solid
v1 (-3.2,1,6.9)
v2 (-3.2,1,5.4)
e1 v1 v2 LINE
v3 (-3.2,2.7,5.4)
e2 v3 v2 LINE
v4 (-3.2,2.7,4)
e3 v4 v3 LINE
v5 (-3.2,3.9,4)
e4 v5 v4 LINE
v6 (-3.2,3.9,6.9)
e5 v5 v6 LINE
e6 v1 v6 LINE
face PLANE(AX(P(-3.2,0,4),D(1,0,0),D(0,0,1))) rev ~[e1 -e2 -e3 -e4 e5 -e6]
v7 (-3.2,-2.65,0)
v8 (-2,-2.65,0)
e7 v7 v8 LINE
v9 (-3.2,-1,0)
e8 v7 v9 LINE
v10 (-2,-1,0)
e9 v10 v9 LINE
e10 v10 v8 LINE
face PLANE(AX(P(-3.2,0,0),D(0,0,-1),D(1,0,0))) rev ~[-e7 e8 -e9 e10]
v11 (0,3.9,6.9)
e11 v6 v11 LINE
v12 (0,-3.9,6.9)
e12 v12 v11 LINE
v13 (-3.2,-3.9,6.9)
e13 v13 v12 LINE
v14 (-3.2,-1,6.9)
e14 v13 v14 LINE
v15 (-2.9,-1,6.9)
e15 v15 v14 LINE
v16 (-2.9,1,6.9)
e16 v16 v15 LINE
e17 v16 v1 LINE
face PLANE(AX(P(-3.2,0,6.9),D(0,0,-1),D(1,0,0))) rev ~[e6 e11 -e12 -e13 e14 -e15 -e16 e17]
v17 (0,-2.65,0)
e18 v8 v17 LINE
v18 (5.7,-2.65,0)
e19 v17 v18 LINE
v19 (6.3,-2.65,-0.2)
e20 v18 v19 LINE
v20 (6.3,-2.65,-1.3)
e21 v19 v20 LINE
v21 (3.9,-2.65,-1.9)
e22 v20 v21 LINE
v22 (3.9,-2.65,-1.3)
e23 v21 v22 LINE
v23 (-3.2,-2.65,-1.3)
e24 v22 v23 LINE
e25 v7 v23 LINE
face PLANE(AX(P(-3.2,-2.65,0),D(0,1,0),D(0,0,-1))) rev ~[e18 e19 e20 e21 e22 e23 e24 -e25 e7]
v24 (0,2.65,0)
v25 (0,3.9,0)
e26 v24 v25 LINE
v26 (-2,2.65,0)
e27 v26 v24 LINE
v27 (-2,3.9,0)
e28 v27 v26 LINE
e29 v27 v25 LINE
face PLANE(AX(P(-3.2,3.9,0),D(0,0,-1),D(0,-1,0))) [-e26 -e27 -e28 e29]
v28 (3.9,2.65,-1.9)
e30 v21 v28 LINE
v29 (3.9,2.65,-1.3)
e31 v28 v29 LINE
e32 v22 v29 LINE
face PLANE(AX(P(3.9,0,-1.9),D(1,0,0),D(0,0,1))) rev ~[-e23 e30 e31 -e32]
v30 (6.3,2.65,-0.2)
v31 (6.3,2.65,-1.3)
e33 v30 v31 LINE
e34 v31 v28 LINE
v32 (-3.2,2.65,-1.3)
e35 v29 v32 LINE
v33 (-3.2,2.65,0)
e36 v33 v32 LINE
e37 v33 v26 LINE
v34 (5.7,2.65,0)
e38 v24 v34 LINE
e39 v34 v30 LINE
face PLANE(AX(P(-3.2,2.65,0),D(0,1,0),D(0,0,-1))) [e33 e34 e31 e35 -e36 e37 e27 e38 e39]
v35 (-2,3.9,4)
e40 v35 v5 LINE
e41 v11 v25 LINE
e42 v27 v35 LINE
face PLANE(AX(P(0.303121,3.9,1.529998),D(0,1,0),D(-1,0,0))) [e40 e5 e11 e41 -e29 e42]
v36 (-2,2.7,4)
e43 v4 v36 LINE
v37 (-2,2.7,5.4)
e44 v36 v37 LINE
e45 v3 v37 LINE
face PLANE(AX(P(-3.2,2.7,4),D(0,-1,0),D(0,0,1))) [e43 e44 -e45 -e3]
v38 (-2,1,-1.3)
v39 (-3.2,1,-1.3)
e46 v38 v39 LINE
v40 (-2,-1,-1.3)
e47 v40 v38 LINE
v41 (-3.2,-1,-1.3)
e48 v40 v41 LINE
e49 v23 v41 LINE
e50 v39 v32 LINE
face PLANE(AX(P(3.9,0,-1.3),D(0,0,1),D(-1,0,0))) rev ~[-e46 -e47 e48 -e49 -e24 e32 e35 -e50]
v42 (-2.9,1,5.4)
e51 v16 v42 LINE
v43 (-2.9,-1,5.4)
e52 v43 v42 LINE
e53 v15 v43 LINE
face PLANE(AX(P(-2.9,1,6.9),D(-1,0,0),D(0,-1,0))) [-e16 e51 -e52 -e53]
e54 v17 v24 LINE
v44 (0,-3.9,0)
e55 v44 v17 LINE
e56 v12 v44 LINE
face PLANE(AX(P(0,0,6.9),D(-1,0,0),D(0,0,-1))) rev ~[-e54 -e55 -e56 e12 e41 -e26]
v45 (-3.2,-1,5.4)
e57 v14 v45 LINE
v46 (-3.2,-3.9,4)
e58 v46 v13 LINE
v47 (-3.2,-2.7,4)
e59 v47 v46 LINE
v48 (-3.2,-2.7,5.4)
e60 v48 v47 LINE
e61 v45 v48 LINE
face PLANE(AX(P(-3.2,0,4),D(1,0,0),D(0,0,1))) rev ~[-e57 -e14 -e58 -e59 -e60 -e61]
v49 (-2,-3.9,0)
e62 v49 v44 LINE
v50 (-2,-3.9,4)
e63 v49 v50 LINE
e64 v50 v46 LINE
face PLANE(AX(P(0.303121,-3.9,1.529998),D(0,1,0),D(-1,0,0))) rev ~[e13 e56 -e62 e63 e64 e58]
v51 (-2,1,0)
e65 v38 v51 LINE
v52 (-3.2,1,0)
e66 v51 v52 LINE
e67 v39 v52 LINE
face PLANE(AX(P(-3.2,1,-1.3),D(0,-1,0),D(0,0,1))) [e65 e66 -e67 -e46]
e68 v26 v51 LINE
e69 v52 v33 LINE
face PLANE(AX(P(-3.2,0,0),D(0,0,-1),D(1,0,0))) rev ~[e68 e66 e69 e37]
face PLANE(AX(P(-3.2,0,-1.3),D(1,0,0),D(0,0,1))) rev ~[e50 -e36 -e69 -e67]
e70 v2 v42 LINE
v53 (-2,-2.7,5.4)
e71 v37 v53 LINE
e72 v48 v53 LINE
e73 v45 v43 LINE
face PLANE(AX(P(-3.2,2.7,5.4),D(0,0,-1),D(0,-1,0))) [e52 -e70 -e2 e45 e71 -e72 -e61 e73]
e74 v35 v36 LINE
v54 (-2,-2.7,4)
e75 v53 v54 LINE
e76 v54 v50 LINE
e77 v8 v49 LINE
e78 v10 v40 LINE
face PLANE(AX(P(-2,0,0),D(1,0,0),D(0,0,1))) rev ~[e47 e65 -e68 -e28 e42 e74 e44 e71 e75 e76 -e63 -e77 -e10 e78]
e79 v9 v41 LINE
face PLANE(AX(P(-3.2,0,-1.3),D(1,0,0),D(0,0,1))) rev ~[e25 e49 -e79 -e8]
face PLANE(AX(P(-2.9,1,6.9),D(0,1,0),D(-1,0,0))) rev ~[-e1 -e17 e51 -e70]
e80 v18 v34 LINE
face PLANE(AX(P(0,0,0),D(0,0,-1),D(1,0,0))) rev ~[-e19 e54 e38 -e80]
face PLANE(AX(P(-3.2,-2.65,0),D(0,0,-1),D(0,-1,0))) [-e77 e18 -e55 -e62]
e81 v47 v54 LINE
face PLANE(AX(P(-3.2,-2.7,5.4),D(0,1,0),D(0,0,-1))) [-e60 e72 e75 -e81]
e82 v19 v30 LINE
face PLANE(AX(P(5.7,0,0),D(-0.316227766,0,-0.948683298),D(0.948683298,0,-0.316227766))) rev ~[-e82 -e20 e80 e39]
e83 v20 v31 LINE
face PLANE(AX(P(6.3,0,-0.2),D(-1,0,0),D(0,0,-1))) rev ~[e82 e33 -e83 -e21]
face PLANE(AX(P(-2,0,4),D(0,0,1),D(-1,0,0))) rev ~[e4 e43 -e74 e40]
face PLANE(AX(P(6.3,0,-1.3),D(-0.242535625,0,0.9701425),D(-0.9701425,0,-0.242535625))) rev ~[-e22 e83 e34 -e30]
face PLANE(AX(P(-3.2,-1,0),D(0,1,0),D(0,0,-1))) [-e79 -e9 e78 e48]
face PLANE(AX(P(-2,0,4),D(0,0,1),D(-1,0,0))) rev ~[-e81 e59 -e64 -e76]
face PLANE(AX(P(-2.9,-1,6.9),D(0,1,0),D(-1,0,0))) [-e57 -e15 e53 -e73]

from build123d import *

# Parameters (mm, degrees)
PAD_DEPTH       = 3.9
SKETCH001_W     = 2.4
SKETCH001_H     = 1.25
POCKET_DEPTH    = 9.501
POCKET001_DEPTH = 1.2
SKETCH003_W     = 0.3
SKETCH003_H     = 2
POCKET002_DEPTH = 8.801


with BuildPart() as part:
    # Sketch → Pad (new body, symmetric)
    with BuildSketch(Plane.XZ):
        Polygon((-3.2, 4), (-3.2, 6.9), (0, 6.9), (0, 0), (5.7, 0), (6.3, -0.2), (6.3, -1.3), (3.9, -1.9), (3.9, -1.3), (-3.2, -1.3), (-3.2, 0), (-2, 0), (-2, 4), align=None)
    extrude(amount=PAD_DEPTH, both=True)

    # Sketch001 → Pocket (cut, through all)
    with BuildSketch(Plane(origin=(-3.2, 0, 0), x_dir=(0, 0, -1), z_dir=(-1, 0, 0))):
        with Locations((1.2, 3.275)):
            Rectangle(SKETCH001_W, SKETCH001_H)
        with Locations((1.2, -3.275)):
            Rectangle(SKETCH001_W, SKETCH001_H)
    extrude(amount=-POCKET_DEPTH, mode=Mode.SUBTRACT)

    # Sketch002 → Pocket001 (cut)
    with BuildSketch(Plane(origin=(-3.2, 0, 0), x_dir=(0, 0, -1), z_dir=(-1, 0, 0))):
        Polygon((-5.4, 2.7), (-4, 2.7), (-4, 4.9), (0, 4.9), (0, 1), (1.3, 1), (1.3, -1), (0, -1), (0, -4.9), (-4, -4.9), (-4, -2.7), (-5.4, -2.7), align=None)
    extrude(amount=-POCKET001_DEPTH, mode=Mode.SUBTRACT)

    # Sketch003 → Pocket002 (cut, through all)
    with BuildSketch(Plane(origin=(0, 0, 6.9), x_dir=(-1, 0, 0), z_dir=(0, 0, 1))):
        with Locations((3.05, 0)):
            Rectangle(SKETCH003_W, SKETCH003_H)
    extrude(amount=-POCKET002_DEPTH, mode=Mode.SUBTRACT)


solid = part.part
